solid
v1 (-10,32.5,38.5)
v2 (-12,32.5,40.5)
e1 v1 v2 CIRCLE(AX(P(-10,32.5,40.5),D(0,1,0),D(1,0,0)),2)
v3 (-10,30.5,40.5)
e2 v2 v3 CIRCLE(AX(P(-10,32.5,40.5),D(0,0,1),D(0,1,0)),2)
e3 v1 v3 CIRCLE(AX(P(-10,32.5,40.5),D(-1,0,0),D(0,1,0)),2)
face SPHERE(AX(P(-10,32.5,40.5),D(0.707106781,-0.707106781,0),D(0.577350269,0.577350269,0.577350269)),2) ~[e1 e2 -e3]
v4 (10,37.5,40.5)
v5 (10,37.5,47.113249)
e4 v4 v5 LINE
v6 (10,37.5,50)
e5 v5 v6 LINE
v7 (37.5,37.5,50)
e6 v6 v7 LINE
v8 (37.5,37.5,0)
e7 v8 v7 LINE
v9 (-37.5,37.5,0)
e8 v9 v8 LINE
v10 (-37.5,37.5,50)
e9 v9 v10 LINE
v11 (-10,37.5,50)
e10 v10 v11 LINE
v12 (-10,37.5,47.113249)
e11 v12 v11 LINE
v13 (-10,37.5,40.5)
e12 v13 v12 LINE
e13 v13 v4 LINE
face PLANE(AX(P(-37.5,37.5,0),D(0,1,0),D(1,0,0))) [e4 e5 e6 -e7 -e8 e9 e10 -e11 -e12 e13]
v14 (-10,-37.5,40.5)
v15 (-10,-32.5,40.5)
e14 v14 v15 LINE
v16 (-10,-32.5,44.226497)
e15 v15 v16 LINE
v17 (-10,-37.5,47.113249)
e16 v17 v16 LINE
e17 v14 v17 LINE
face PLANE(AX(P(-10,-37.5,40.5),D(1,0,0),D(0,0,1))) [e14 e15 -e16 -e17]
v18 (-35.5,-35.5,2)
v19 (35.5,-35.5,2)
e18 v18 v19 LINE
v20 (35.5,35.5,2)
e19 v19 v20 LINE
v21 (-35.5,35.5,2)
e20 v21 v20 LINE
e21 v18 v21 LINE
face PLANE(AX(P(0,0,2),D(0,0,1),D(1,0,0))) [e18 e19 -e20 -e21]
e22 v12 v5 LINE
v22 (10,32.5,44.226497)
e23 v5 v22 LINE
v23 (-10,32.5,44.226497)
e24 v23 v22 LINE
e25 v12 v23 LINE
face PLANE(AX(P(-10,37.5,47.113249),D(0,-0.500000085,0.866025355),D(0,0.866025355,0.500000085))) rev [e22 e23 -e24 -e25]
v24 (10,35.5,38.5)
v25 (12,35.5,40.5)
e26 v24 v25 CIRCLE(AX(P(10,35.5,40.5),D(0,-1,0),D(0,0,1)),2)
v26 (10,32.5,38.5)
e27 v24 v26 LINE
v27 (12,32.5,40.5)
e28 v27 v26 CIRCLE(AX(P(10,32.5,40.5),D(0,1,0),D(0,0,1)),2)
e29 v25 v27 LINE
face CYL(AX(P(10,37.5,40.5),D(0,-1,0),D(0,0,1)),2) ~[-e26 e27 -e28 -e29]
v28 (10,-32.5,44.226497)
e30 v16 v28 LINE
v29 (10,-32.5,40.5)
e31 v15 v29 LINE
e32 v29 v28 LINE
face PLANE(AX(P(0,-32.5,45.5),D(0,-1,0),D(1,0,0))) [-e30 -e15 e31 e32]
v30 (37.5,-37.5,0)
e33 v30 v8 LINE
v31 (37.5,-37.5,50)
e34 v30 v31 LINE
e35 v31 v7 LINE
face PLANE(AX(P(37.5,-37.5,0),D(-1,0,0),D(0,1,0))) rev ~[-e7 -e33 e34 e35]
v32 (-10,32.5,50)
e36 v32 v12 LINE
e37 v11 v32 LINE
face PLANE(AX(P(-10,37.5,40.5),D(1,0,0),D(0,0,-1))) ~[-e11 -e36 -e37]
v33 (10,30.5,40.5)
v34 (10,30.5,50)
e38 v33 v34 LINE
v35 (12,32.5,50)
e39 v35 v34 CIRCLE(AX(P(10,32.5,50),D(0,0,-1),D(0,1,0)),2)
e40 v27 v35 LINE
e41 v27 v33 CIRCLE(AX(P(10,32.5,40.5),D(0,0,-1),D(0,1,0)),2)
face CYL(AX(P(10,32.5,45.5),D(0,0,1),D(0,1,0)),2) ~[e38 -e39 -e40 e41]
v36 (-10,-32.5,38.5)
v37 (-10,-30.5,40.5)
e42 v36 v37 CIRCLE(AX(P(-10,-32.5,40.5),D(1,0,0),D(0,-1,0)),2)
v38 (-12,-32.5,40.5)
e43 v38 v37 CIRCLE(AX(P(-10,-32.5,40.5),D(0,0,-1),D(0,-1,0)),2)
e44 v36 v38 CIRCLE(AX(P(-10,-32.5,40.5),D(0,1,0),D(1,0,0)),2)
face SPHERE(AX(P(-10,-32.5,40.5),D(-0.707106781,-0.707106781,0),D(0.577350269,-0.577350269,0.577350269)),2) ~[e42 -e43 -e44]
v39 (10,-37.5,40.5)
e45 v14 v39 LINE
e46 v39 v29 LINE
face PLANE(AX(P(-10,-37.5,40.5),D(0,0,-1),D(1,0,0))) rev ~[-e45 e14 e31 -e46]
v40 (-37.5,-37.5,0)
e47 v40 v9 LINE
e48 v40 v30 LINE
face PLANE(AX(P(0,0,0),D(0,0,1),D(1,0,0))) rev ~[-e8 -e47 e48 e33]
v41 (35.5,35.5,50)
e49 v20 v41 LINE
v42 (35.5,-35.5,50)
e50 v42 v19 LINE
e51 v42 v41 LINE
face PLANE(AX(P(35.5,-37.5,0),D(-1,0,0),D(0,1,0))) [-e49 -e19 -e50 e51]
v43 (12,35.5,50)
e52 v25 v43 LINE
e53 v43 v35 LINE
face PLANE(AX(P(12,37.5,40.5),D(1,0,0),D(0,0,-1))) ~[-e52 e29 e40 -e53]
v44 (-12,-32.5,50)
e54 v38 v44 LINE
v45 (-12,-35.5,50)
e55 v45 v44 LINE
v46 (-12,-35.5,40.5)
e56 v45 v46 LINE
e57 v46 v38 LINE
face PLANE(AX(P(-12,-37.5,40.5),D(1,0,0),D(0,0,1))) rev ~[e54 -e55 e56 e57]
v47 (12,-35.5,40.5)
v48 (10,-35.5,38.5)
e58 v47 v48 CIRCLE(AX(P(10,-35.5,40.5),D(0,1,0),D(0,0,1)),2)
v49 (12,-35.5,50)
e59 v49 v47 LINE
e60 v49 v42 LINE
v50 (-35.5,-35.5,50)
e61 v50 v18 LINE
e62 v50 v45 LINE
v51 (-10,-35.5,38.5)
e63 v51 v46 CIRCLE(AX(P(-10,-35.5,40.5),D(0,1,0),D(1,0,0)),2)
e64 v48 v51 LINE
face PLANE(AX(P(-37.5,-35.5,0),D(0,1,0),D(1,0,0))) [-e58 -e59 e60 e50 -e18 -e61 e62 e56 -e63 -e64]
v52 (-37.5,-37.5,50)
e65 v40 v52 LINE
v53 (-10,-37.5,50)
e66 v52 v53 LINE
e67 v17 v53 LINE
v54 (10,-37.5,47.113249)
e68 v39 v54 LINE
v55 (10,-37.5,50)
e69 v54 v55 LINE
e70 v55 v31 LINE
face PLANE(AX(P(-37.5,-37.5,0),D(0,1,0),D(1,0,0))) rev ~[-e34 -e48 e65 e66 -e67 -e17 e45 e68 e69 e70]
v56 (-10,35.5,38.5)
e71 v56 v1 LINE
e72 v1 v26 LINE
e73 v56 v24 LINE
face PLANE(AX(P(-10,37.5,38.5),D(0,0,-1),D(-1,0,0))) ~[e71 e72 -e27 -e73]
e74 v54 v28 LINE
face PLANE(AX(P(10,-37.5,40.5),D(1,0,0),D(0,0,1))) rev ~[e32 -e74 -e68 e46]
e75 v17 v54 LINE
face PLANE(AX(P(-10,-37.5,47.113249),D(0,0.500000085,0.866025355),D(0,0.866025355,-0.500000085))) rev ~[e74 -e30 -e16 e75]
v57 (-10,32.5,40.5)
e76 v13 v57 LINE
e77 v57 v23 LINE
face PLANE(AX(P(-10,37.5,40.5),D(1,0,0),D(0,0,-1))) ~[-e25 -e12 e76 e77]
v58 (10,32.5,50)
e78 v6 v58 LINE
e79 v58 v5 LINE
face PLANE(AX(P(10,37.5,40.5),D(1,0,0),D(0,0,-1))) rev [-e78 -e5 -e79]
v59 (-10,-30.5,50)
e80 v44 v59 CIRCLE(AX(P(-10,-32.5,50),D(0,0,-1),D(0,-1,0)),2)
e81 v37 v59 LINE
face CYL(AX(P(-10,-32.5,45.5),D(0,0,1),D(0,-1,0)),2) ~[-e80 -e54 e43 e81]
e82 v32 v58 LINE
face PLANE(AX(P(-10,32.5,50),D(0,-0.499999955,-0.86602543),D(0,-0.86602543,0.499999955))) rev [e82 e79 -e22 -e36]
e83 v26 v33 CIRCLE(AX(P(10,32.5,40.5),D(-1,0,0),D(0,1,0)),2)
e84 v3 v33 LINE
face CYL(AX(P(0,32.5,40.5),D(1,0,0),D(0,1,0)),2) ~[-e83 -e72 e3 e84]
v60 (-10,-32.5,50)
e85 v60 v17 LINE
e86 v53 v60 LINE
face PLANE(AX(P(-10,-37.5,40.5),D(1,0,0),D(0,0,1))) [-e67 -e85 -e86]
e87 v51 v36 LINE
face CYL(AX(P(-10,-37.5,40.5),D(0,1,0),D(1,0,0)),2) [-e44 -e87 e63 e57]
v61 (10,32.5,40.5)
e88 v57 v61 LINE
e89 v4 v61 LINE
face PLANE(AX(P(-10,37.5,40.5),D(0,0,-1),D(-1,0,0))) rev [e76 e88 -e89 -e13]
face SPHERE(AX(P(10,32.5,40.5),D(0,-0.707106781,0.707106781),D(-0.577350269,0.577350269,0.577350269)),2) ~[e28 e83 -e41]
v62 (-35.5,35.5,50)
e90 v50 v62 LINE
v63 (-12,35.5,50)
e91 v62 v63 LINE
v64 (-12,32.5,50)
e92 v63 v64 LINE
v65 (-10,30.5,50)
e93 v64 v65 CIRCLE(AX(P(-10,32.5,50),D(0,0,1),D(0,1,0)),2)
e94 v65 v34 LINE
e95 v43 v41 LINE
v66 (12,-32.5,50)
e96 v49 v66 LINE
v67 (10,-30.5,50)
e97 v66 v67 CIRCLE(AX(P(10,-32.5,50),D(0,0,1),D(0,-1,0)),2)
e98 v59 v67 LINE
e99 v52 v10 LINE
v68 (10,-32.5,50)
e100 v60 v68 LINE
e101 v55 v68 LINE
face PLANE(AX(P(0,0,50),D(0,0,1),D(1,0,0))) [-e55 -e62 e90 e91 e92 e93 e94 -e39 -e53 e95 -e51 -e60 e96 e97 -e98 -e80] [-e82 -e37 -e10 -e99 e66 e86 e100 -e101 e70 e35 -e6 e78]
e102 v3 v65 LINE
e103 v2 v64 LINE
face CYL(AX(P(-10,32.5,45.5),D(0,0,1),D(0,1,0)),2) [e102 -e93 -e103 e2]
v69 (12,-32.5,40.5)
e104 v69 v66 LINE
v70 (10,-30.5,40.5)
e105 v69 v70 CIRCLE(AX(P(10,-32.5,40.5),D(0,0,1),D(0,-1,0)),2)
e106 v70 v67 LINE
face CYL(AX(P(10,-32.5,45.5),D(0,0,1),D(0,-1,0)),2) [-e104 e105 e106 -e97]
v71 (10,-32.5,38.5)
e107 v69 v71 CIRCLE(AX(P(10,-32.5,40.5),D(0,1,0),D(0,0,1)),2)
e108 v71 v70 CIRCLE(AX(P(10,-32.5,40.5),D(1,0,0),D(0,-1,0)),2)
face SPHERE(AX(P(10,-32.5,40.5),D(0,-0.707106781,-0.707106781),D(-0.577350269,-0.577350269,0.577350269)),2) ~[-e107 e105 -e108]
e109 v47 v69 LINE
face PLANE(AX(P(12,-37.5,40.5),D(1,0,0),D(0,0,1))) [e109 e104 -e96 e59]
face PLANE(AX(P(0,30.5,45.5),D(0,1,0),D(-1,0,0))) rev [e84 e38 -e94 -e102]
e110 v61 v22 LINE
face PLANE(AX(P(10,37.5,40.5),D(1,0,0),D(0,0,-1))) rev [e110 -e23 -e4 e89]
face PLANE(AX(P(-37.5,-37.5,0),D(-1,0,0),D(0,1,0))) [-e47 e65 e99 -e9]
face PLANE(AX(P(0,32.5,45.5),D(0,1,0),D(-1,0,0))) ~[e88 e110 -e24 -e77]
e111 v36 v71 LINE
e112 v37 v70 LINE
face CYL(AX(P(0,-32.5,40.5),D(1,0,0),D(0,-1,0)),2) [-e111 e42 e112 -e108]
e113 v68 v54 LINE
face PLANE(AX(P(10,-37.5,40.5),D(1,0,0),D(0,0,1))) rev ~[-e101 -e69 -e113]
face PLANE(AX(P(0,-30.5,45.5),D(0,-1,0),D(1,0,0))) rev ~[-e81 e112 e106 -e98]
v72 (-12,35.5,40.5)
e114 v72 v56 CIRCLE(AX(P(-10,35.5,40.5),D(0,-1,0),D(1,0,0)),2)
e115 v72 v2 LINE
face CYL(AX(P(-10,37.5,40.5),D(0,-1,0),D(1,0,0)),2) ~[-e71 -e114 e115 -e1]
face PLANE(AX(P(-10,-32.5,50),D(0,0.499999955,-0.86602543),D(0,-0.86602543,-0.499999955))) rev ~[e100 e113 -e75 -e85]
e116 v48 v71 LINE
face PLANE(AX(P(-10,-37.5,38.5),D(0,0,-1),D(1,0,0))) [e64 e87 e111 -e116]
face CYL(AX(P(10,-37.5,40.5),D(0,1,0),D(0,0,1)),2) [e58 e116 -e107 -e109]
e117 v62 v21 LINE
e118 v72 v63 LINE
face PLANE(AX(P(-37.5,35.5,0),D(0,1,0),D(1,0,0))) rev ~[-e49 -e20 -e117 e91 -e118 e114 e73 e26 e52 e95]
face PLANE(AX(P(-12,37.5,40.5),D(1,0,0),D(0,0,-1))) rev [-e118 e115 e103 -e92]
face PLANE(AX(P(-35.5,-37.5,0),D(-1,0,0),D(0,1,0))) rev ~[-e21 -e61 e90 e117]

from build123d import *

# Parameters (mm, degrees)
SKETCH_W     = 75
SKETCH_H     = 75
PAD_DEPTH    = 50
SKETCH001_W  = 20
SKETCH001_H  = 10
POCKET_DEPTH = 5
THICKNESS_T  = -2
PAD001_DEPTH = 20


with BuildPart() as part:
    # Sketch → Pad (new body)
    with BuildSketch(Plane.XY):
        Rectangle(SKETCH_W, SKETCH_H)
    extrude(amount=PAD_DEPTH)

    # Sketch001 (on Face2 of Pad) → Pocket (cut)
    with BuildSketch(Plane.XZ.offset(37.5)):
        with Locations((0, 45.5)):
            Rectangle(SKETCH001_W, SKETCH001_H)
    pocket = extrude(amount=-POCKET_DEPTH, mode=Mode.SUBTRACT)

    # Mirrored: Pocket across XZ
    add(pocket.mirror(Plane.XZ), mode=Mode.SUBTRACT)

    # Thickness
    thickness_openings = [part.faces().sort_by_distance(p)[0] for p in [
        (0, 0, 50),
    ]]
    offset(amount=THICKNESS_T, openings=thickness_openings)

    # Sketch002 (on Face11 of Thickness) → Pad001 (join)
    with BuildSketch(Plane.YZ.offset(-10)):
        Polygon((-32.5, 50), (-37.5, 47.113249), (-32.5, 44.226497), align=None)
    pad001 = extrude(amount=PAD001_DEPTH)

    # Mirrored001: Pad001 across XZ
    add(pad001.mirror(Plane.XZ))


solid = part.part
